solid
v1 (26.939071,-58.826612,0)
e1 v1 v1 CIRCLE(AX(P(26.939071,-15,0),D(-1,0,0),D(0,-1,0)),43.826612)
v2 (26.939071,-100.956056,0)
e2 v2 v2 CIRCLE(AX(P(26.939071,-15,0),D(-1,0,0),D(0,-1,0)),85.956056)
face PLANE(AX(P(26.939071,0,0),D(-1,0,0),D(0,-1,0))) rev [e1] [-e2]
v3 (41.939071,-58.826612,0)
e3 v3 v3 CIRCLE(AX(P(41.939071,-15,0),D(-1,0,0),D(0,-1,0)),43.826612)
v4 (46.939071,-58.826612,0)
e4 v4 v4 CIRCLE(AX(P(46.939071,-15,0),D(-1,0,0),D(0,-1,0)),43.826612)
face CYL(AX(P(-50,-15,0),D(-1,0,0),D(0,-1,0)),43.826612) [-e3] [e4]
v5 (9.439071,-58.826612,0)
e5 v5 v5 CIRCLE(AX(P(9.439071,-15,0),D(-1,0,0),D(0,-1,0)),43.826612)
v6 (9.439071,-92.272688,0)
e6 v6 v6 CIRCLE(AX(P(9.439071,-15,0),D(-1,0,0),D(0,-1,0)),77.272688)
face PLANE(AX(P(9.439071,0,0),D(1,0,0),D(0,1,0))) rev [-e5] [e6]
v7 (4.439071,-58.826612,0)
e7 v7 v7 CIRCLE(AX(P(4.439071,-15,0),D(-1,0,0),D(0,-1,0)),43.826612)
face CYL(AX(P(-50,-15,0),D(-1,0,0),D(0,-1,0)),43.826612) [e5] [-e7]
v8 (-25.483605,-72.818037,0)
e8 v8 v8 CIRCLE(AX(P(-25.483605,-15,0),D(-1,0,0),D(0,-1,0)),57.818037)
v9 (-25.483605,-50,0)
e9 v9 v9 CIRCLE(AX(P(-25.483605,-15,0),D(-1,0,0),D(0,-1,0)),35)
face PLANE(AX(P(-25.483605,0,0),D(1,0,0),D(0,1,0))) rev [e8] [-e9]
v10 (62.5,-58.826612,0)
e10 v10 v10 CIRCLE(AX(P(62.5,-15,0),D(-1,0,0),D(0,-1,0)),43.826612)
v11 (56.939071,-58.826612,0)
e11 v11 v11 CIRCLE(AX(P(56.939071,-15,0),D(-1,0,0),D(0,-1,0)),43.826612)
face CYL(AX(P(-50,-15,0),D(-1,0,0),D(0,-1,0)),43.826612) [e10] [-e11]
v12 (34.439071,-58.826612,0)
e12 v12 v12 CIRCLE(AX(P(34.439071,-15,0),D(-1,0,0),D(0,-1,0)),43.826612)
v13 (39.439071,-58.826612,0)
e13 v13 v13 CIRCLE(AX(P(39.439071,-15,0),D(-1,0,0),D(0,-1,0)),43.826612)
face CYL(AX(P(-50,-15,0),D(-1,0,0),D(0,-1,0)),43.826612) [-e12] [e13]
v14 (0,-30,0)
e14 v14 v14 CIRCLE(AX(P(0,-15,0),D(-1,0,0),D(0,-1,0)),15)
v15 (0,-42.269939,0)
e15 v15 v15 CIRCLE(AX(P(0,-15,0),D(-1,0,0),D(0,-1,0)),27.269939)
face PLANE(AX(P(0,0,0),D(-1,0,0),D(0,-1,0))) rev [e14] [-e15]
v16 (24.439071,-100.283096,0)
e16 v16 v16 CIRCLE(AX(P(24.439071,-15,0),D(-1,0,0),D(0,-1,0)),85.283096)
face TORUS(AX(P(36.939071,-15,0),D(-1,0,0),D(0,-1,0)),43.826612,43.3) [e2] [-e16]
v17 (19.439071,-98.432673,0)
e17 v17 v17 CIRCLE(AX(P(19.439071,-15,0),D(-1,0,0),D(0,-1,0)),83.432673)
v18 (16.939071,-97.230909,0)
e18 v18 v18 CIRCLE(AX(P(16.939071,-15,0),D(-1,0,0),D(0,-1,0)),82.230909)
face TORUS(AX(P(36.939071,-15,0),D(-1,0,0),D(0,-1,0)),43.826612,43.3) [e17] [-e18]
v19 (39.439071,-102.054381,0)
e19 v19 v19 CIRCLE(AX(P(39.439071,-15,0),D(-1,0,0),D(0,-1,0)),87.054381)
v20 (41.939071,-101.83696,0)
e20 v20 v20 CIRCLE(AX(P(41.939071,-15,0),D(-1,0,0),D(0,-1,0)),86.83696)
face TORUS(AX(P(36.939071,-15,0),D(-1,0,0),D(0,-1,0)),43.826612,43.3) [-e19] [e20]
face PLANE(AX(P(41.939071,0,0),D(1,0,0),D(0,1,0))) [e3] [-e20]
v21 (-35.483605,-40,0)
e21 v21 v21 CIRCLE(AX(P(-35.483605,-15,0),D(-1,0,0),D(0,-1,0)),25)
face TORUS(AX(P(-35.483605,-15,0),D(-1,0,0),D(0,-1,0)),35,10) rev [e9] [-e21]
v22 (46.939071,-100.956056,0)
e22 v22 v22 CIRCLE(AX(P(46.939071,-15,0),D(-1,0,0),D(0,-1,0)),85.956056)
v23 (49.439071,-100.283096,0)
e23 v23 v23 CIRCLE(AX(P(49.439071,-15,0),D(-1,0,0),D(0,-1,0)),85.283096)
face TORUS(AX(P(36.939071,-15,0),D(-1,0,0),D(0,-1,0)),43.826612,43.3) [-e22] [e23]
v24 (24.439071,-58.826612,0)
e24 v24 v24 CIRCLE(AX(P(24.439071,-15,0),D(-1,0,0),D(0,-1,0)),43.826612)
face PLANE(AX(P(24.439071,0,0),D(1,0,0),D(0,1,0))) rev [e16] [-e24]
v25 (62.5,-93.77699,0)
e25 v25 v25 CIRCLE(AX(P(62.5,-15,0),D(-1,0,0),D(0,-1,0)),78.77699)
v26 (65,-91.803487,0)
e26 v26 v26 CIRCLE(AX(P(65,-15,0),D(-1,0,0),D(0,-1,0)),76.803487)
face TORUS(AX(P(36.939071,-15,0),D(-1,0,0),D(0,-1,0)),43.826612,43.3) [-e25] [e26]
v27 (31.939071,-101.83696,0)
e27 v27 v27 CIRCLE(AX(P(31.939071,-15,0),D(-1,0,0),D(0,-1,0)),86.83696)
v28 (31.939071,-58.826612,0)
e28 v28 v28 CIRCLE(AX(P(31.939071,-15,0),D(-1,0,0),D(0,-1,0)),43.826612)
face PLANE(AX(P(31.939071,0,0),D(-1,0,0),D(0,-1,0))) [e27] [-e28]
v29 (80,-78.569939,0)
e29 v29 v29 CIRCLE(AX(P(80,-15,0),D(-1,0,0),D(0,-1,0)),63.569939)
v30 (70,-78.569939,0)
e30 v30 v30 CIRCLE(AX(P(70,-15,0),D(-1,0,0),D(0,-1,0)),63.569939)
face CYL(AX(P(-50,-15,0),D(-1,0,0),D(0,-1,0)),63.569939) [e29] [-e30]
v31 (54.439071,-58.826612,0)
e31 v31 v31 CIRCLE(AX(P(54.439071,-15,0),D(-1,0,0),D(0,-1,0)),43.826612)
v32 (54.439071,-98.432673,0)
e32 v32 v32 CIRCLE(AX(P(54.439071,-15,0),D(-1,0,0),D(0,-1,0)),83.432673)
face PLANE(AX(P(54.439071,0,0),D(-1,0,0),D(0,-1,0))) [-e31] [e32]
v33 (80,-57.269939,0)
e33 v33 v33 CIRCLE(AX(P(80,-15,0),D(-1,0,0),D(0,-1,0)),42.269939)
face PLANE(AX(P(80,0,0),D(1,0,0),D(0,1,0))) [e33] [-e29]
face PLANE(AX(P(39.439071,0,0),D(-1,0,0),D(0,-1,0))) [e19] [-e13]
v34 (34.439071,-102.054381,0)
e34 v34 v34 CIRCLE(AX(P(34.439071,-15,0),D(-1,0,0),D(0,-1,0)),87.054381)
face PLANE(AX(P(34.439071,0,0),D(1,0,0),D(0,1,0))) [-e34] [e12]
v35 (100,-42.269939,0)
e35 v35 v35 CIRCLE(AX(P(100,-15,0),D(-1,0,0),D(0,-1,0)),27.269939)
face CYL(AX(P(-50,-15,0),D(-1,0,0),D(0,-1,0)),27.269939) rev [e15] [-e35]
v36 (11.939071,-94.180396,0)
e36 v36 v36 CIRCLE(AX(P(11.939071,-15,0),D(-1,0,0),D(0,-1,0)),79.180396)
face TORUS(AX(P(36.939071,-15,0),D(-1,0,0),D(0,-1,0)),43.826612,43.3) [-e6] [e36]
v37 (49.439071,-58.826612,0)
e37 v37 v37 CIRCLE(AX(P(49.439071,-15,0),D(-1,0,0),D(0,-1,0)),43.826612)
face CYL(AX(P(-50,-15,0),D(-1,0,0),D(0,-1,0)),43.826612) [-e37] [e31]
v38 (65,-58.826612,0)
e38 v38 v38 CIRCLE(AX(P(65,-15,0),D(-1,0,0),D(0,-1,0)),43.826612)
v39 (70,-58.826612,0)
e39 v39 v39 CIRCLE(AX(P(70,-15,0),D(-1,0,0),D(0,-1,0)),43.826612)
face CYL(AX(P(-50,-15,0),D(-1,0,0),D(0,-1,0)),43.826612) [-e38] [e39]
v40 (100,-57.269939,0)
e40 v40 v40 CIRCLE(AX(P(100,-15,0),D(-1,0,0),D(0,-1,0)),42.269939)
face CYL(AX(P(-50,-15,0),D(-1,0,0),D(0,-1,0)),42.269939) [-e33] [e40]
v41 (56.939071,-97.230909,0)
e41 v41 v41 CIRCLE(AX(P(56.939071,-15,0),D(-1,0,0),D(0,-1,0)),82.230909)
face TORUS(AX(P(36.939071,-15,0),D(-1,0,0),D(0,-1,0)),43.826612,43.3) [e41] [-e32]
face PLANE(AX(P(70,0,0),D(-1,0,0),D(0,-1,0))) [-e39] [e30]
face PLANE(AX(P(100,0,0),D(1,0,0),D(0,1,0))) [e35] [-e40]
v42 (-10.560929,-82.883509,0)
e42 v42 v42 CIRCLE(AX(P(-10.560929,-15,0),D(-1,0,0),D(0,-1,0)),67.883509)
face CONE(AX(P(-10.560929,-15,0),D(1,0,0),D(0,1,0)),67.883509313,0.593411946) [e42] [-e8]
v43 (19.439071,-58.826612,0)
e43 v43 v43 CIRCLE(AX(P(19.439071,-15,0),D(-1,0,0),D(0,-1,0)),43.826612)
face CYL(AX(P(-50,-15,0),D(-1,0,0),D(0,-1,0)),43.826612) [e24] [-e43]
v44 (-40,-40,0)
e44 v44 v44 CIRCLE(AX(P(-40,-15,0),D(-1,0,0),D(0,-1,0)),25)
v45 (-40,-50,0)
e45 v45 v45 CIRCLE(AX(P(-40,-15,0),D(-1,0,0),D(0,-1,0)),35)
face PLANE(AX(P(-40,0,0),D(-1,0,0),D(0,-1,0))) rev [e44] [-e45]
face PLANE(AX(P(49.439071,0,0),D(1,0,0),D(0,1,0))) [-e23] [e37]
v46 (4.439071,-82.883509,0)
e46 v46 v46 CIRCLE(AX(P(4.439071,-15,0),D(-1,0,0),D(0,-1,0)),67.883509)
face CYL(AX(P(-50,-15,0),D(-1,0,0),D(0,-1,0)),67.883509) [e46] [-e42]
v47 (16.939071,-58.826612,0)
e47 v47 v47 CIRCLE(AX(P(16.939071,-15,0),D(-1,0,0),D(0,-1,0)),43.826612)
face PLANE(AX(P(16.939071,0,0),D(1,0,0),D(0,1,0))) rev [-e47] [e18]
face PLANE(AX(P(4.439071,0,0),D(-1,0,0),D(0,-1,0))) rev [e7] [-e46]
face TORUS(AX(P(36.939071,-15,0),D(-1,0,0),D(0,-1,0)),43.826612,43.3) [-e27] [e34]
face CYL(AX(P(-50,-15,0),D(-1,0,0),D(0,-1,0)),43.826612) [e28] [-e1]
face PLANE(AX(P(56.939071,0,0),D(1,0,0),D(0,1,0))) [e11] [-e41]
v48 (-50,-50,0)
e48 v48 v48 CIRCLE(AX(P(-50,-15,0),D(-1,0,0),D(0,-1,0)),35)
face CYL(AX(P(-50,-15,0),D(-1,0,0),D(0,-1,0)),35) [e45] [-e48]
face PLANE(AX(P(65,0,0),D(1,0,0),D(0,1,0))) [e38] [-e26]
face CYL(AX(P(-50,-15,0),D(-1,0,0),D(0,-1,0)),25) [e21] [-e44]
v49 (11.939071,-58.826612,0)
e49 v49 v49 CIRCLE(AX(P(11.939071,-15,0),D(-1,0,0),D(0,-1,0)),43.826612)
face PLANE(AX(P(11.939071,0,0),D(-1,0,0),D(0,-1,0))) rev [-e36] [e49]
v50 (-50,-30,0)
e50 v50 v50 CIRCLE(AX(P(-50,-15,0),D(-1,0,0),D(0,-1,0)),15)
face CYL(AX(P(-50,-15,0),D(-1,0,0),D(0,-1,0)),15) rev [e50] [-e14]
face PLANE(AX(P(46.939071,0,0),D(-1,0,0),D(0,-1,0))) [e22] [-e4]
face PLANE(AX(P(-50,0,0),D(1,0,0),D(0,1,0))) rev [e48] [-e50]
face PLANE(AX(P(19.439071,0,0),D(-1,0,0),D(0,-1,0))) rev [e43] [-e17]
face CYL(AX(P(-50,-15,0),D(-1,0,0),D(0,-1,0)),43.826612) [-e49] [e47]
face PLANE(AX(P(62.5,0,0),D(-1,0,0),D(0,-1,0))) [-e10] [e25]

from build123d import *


with BuildPart() as part:
    # Sketch1 → Revolve1 (revolve)
    with BuildSketch(Plane.XY, mode=Mode.PRIVATE) as revolve1_sk:
        with BuildLine():
            Line((-40, 20), (-50, 20))
            Line((-50, 20), (-50, 0))
            Line((-50, 0), (0, 0))
            Line((0, 0), (0, 12.26993865))
            Line((0, 12.26993865), (29.439071242, 12.26993865))
            Line((29.439071242, 12.26993865), (29.439071242, 28.82661238))
            Line((29.439071242, 28.82661238), (26.939071242, 28.82661238))
            Line((26.939071242, 28.82661238), (26.939071242, 70.956055766))
            ThreePointArc((26.939071242, 70.956055766), (25.684040418, 70.638264837), (24.439071242, 70.283095588))
            Line((24.439071242, 70.283095588), (24.439071242, 28.82661238))
            Line((24.439071242, 28.82661238), (19.439071242, 28.82661238))
            Line((19.439071242, 28.82661238), (19.439071242, 68.432672522))
            ThreePointArc((19.439071242, 68.432672522), (18.179445476, 67.85181502), (16.939071242, 67.230909015))
            Line((16.939071242, 67.230909015), (16.939071242, 28.82661238))
            Line((16.939071242, 28.82661238), (11.939071242, 28.82661238))
            Line((11.939071242, 28.82661238), (11.939071242, 64.18039577))
            ThreePointArc((11.939071242, 64.18039577), (10.671746733, 63.249245387), (9.439071242, 62.272688383))
            Line((9.439071242, 62.272688383), (9.439071242, 28.82661238))
            Line((9.439071242, 28.82661238), (4.439071242, 28.82661238))
            Line((4.439071242, 28.82661238), (4.439071242, 52.883509313))
            Line((4.439071242, 52.883509313), (-10.560928758, 52.883509313))
            Line((-10.560928758, 52.883509313), (-25.483605064, 42.81803705))
            Line((-25.483605064, 42.81803705), (-25.483605064, 26.193767786))
            Line((-25.483605064, 26.193767786), (-25.483605064, 21.51803705))
            Line((-25.483605064, 21.51803705), (-25.483605064, 21.193767786))
            Line((-25.483605064, 21.193767786), (-25.483605064, 20))
            ThreePointArc((-25.483605064, 20), (-28.412537252, 12.928932188), (-35.483605064, 10))
            Line((-35.483605064, 10), (-40, 10))
            Line((-40, 10), (-40, 20))
        make_face()
        with BuildLine():
            Line((29.439071242, 28.82661238), (29.439071242, 12.26993865))
            Line((29.439071242, 12.26993865), (44.439071242, 12.26993865))
            Line((44.439071242, 12.26993865), (44.439071242, 28.82661238))
            Line((44.439071242, 28.82661238), (41.939071242, 28.82661238))
            Line((41.939071242, 28.82661238), (41.939071242, 71.836959972))
            ThreePointArc((41.939071242, 71.836959972), (40.690646644, 71.963785236), (39.439071242, 72.054381233))
            Line((39.439071242, 72.054381233), (39.439071242, 28.82661238))
            Line((39.439071242, 28.82661238), (34.439071242, 28.82661238))
            Line((34.439071242, 28.82661238), (34.439071242, 72.054381233))
            ThreePointArc((34.439071242, 72.054381233), (33.187495839, 71.963785236), (31.939071242, 71.836959972))
            Line((31.939071242, 71.836959972), (31.939071242, 28.82661238))
            Line((31.939071242, 28.82661238), (29.439071242, 28.82661238))
        make_face()
        with BuildLine():
            Line((44.439071242, 28.82661238), (44.439071242, 12.26993865))
            Line((44.439071242, 12.26993865), (100, 12.26993865))
            Line((100, 12.26993865), (100, 27.26993865))
            Line((100, 27.26993865), (80, 27.26993865))
            Line((80, 27.26993865), (80, 48.56993865))
            Line((80, 48.56993865), (70, 48.56993865))
            Line((70, 48.56993865), (70, 28.82661238))
            Line((70, 28.82661238), (65, 28.82661238))
            Line((65, 28.82661238), (65, 61.803487266))
            ThreePointArc((65, 61.803487266), (63.768152096, 62.813233579), (62.5, 63.776990361))
            Line((62.5, 63.776990361), (62.5, 28.82661238))
            Line((62.5, 28.82661238), (56.939071242, 28.82661238))
            Line((56.939071242, 28.82661238), (56.939071242, 67.230909015))
            ThreePointArc((56.939071242, 67.230909015), (55.698697008, 67.85181502), (54.439071242, 68.432672522))
            Line((54.439071242, 68.432672522), (54.439071242, 28.82661238))
            Line((54.439071242, 28.82661238), (49.439071242, 28.82661238))
            Line((49.439071242, 28.82661238), (49.439071242, 70.283095588))
            ThreePointArc((49.439071242, 70.283095588), (48.194102066, 70.638264837), (46.939071242, 70.956055766))
            Line((46.939071242, 70.956055766), (46.939071242, 28.82661238))
            Line((46.939071242, 28.82661238), (44.439071242, 28.82661238))
        make_face()
    revolve(revolve1_sk.sketch.rotate(Axis((-50, -15, 0), (1, 0, 0)), 180), axis=Axis((-50, -15, 0), (1, 0, 0)))


solid = part.part
